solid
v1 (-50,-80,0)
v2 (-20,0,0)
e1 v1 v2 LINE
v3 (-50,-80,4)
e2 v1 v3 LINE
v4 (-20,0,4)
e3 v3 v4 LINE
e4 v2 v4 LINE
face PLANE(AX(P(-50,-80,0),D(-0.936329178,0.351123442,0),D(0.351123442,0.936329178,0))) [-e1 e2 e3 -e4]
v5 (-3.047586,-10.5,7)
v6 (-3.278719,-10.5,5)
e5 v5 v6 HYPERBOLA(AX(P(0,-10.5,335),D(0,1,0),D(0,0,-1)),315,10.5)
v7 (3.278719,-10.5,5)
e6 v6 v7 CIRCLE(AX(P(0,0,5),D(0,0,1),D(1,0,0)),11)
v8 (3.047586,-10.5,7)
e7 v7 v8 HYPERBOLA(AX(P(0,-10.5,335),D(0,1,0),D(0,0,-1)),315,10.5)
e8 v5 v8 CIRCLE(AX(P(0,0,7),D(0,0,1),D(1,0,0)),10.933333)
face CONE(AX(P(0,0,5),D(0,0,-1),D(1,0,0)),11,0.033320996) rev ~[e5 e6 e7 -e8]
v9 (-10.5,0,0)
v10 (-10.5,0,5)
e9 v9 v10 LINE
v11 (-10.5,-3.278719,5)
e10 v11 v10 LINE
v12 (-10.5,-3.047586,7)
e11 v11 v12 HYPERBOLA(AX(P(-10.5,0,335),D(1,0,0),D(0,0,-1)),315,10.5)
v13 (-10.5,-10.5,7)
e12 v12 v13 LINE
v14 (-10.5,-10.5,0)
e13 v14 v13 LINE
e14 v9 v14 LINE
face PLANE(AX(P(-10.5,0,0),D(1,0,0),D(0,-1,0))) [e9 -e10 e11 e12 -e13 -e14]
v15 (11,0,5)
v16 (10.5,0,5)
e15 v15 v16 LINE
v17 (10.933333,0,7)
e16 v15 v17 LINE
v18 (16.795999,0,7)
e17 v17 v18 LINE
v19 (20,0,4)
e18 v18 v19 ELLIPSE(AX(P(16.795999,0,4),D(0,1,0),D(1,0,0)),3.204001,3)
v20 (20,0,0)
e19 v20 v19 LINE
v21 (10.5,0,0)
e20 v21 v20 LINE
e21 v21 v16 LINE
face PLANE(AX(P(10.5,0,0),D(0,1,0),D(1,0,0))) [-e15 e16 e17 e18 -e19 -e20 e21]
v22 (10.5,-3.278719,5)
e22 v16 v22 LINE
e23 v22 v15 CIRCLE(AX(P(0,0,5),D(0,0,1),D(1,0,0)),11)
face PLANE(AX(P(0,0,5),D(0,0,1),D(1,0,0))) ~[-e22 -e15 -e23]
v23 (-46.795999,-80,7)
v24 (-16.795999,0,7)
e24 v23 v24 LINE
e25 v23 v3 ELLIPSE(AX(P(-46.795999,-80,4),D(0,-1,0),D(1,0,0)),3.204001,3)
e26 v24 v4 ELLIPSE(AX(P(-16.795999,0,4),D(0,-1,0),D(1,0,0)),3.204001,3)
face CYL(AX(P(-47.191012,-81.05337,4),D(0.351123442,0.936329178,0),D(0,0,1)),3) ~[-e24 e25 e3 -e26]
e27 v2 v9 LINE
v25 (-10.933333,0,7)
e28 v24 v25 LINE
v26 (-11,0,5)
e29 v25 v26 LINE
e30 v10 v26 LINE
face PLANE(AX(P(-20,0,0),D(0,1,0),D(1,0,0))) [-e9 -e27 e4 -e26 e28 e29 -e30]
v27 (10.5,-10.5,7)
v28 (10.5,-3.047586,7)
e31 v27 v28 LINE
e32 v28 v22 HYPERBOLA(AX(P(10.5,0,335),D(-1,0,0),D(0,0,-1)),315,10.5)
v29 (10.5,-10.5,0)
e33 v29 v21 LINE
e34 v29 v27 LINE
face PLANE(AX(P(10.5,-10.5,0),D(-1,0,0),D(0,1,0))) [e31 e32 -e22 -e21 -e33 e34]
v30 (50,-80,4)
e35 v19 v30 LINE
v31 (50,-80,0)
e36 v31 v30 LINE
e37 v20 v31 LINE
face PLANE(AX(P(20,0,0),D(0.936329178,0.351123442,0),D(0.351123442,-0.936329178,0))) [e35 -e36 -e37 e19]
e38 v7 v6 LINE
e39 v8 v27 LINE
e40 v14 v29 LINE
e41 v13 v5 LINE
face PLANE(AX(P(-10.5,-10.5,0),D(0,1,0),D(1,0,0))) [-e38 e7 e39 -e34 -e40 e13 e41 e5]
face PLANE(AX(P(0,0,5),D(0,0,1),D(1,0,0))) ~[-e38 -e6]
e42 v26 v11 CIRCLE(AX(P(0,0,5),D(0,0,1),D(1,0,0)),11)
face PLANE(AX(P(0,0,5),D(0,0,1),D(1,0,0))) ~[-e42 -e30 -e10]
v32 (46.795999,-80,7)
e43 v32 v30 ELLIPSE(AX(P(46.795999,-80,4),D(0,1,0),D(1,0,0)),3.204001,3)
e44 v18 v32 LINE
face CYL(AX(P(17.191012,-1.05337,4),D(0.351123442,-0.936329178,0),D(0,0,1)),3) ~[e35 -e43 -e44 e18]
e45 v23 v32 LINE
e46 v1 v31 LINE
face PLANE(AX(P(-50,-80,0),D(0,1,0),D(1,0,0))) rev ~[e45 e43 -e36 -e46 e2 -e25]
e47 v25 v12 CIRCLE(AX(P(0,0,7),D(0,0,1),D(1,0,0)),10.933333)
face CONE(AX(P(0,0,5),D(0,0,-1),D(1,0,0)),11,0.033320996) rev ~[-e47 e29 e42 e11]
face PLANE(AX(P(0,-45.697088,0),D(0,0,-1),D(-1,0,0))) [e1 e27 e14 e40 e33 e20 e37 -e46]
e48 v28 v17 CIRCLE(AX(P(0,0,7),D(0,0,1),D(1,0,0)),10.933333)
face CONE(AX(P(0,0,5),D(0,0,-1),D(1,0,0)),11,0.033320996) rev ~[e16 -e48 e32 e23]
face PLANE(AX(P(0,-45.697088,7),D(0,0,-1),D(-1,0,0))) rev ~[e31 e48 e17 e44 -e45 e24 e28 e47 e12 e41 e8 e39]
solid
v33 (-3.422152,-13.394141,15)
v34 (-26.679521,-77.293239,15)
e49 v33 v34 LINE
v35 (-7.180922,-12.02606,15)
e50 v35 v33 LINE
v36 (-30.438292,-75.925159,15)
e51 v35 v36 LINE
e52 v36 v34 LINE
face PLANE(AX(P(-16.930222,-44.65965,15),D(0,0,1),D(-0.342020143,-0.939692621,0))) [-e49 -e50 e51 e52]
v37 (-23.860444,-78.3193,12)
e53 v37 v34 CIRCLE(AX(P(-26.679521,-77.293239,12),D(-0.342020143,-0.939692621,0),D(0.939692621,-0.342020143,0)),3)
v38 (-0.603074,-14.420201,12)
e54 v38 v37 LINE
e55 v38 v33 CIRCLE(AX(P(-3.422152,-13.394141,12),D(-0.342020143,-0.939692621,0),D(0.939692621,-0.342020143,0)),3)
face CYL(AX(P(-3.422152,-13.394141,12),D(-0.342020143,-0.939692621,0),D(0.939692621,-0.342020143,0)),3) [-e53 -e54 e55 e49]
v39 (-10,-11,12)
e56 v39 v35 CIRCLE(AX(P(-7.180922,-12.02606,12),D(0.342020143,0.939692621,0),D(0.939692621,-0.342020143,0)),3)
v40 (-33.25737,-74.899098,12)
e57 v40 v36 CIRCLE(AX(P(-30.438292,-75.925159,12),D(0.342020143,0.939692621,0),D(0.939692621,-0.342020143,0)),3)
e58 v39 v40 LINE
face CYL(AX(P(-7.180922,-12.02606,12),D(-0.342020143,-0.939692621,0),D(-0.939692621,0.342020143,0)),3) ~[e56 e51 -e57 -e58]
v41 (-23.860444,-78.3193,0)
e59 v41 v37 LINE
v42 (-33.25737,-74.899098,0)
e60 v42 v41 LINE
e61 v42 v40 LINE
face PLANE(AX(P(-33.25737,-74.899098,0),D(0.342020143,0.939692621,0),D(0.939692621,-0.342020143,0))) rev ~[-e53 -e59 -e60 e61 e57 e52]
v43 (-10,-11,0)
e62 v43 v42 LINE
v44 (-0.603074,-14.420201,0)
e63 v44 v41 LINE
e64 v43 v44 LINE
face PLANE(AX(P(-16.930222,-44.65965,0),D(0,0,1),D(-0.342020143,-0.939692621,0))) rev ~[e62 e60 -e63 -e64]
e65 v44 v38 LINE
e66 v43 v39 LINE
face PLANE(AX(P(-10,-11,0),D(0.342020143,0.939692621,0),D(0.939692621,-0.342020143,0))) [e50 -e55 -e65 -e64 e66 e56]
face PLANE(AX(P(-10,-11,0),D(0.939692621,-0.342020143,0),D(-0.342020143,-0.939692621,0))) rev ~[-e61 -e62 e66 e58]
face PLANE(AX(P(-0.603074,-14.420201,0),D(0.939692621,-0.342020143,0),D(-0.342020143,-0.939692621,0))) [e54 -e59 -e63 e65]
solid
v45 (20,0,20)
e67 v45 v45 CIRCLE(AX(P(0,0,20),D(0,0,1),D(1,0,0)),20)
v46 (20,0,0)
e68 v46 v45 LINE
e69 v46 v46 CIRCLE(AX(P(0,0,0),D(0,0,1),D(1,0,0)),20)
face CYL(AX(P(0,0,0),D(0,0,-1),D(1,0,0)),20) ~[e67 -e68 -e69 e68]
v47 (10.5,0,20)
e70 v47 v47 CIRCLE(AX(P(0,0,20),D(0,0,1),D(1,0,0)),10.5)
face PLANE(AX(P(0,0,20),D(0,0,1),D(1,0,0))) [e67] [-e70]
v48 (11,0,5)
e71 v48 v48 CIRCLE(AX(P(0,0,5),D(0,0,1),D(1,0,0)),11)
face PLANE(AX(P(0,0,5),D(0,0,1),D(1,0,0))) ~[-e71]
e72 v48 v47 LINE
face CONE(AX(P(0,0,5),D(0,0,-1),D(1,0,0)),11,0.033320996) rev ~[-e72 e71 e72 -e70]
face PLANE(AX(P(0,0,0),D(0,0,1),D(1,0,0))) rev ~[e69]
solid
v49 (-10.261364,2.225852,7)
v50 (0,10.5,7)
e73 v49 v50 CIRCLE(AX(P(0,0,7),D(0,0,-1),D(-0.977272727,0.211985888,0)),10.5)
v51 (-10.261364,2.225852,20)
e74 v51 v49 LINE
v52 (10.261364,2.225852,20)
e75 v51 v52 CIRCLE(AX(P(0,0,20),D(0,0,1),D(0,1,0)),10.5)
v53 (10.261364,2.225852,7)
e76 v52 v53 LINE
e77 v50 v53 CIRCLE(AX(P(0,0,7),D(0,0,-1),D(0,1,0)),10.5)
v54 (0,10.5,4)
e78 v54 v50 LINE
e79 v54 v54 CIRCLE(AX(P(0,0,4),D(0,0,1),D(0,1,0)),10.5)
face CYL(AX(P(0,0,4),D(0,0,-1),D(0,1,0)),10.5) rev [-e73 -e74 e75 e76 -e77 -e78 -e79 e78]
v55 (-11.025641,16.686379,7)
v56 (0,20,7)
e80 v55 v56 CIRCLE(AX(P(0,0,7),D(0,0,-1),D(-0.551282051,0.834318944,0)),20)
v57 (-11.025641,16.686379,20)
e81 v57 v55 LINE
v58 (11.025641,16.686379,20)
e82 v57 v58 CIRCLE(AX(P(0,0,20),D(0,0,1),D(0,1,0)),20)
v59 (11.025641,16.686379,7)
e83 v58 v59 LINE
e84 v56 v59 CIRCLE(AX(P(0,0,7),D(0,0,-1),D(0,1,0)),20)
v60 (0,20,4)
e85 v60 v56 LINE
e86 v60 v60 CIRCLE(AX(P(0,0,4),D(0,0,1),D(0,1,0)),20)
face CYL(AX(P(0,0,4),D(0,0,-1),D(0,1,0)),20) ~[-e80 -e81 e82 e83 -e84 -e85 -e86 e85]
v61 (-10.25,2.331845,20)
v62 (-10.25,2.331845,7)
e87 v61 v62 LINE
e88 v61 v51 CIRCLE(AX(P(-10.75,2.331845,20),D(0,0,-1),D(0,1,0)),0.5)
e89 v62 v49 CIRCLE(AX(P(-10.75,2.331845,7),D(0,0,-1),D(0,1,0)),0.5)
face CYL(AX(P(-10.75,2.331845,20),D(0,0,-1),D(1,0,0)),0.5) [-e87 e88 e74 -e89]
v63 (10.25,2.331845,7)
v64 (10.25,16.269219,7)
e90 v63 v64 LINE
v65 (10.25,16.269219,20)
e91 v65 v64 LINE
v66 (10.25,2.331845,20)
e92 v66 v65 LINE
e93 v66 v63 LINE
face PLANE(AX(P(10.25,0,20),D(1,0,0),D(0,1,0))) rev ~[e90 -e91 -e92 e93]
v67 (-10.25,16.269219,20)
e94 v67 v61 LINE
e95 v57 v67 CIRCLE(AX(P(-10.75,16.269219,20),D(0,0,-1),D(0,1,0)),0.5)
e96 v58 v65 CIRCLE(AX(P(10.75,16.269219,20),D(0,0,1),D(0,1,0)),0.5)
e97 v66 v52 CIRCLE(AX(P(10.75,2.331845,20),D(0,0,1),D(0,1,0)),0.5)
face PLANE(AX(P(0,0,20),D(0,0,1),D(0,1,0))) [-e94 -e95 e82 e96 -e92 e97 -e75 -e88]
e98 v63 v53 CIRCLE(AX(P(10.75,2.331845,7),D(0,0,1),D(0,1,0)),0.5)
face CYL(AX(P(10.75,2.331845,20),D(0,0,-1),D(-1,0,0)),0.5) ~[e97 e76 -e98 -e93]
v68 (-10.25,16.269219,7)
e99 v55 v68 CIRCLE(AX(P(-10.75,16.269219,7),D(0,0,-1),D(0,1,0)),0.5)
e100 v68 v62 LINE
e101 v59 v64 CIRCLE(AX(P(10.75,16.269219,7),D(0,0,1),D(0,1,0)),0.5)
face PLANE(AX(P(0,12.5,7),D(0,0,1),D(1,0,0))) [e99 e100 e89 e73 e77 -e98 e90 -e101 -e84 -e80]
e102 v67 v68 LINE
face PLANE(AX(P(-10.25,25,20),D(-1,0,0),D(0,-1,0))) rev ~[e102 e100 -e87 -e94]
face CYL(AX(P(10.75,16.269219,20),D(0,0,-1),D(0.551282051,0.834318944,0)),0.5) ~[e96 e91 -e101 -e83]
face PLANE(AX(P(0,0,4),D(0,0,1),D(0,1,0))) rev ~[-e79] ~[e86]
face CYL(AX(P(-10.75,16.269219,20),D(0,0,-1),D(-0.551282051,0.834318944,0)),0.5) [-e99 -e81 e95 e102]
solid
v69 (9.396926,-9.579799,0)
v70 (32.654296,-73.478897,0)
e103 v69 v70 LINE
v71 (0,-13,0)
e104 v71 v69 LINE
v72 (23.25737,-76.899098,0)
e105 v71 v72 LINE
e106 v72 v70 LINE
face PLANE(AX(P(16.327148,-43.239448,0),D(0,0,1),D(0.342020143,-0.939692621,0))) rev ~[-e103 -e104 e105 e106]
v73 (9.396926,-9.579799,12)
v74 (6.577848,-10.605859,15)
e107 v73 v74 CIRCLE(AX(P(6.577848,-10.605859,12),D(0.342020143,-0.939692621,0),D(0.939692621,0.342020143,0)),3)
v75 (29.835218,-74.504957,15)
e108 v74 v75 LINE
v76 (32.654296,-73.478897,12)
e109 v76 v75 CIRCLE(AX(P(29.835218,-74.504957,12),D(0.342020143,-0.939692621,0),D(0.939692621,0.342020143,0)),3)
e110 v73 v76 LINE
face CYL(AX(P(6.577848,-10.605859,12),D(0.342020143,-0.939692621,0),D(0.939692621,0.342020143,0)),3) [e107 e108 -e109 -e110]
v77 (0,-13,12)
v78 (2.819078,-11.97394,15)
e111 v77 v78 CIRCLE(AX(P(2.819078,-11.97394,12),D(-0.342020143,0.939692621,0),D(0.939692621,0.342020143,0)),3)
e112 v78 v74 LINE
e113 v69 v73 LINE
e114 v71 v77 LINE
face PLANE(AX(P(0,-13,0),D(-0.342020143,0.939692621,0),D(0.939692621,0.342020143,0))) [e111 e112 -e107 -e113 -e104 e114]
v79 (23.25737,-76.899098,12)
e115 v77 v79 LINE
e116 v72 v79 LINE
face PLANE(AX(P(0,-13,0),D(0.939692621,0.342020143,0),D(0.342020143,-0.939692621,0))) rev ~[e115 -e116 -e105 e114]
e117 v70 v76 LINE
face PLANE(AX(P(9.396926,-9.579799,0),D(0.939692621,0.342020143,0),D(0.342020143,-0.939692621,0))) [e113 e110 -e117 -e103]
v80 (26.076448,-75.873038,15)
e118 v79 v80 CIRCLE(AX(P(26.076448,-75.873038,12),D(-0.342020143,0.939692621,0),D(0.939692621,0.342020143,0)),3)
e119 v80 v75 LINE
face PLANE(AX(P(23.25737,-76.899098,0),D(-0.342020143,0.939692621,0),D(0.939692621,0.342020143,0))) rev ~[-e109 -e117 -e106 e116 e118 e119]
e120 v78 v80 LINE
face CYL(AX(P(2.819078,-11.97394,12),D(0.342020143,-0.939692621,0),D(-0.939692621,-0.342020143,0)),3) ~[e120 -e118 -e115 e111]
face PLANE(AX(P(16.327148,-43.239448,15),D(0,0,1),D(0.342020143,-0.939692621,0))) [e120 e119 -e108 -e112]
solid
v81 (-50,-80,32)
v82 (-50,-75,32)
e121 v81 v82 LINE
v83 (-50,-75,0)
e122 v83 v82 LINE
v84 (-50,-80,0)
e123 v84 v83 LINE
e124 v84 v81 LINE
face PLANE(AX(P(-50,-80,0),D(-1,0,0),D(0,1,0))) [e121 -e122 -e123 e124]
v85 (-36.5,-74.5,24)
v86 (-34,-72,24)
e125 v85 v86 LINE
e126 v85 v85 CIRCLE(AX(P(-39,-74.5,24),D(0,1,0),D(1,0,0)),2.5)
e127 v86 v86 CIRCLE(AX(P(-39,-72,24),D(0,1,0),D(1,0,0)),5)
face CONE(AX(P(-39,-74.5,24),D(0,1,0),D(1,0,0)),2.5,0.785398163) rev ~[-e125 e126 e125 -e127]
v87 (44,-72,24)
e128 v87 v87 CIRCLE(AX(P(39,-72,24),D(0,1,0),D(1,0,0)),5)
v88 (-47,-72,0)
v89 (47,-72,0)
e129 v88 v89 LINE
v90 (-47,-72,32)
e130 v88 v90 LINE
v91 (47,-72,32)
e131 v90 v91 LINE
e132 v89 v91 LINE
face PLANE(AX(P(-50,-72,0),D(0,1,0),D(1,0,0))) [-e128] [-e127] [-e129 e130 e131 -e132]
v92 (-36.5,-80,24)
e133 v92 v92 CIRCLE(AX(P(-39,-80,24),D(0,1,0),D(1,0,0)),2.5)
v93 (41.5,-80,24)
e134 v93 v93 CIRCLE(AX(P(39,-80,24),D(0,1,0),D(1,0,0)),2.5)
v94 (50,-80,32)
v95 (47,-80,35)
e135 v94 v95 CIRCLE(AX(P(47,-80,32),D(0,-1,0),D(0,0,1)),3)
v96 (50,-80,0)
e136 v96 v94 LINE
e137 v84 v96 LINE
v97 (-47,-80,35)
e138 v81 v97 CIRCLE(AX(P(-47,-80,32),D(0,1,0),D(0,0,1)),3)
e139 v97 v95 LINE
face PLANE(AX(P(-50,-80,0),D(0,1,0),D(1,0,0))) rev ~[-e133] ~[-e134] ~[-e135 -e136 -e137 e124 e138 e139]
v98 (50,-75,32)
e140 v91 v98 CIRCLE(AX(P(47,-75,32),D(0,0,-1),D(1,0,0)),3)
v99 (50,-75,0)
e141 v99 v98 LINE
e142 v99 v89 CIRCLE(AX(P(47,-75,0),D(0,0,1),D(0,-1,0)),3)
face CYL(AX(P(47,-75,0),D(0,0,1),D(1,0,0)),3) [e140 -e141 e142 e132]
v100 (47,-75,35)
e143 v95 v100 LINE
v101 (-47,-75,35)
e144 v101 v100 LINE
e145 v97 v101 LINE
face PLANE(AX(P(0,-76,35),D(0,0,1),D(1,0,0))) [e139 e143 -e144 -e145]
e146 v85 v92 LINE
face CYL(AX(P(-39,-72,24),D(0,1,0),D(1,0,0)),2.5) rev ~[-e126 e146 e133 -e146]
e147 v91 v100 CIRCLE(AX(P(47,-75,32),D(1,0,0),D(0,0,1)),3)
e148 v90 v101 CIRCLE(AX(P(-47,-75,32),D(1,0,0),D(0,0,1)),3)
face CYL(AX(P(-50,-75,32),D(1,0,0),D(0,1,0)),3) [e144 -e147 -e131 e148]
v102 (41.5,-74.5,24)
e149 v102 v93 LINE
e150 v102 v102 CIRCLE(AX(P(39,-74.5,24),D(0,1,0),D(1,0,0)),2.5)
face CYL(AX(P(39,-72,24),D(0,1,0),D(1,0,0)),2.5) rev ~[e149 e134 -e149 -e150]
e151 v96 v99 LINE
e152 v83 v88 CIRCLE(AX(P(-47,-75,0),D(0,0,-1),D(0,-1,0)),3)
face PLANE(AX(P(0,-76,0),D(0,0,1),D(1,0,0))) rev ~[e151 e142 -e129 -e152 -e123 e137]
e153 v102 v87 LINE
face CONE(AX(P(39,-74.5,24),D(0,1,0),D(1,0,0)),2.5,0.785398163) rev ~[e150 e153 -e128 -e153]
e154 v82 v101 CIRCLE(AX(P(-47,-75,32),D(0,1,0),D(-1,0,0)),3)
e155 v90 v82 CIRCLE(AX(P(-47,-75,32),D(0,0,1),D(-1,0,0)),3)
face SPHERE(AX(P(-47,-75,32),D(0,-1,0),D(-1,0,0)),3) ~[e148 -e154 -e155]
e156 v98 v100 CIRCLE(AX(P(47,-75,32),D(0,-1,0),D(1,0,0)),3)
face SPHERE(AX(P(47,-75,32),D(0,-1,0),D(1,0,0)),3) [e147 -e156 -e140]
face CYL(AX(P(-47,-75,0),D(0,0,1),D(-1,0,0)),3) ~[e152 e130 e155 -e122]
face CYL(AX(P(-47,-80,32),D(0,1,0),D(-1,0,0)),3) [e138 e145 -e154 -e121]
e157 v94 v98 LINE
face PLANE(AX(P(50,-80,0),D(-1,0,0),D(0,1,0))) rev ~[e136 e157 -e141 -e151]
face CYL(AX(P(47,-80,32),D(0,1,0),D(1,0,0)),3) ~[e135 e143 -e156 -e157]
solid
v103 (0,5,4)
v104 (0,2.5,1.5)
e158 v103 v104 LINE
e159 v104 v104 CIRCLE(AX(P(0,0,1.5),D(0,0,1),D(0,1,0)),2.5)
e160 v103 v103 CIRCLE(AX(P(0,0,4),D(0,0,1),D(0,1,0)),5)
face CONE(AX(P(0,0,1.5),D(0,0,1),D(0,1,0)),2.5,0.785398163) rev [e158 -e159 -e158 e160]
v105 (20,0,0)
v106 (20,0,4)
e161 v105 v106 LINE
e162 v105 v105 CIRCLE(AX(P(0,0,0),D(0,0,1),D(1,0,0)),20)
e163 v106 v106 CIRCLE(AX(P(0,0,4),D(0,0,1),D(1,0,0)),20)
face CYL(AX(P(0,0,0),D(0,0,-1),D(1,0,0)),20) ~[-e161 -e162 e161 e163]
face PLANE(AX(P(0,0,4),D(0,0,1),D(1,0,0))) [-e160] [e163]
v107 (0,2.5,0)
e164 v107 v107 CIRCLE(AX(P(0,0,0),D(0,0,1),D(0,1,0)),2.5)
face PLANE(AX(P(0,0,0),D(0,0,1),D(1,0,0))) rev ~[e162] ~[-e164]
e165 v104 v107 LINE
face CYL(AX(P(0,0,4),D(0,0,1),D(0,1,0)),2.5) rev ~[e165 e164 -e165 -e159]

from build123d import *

# Parameters (mm, degrees)
FACE003_R              = 2.5
EXTRUDE003_DEPTH       = 10
SKETCH_R               = 20
EXTRUDE_DEPTH          = 4
CHAMFER_SIZE           = 2.5
EXTRUDE002_DEPTH       = 13
FACE001_R              = 20
FACE001_R_2            = 10.5
EXTRUDE001_DEPTH       = 16
FILLET_R               = 0.5
CYLINDER_R             = 20
CYLINDER_DEPTH         = 20
EXTRUDE004_DEPTH       = 7
FILLET001_R            = 3
BOX001_W               = 68
BOX001_H               = 10
BOX001_DEPTH           = 15
BOX001_PLACEMENT_ANGLE = 110
FILLET003_R            = 3
BOX002_W               = 68
BOX002_H               = 10
BOX002_DEPTH           = 15
BOX002_PLACEMENT_ANGLE = 70
FILLET004_R            = 3
FACE005_R              = 2.5
EXTRUDE005_DEPTH       = 10
BOX_W                  = 100
BOX_H                  = 8
BOX_DEPTH              = 35
FILLET002_R            = 3
CHAMFER001_SIZE        = 2.5


with BuildPart() as extrude003:
    # Face003 → Extrude003 (new body)
    with BuildSketch(Plane(origin=(0, 0, 4), x_dir=(0, 1, 0), z_dir=(0, 0, 1))):
        Circle(FACE003_R)
    extrude(amount=-EXTRUDE003_DEPTH)


with BuildPart() as chamfer_body:
    # Sketch → Extrude (new body)
    with BuildSketch(Plane.XY):
        Circle(SKETCH_R)
    extrude(amount=EXTRUDE_DEPTH)

    # Cut001: cut Extrude003
    add(extrude003.part, mode=Mode.SUBTRACT)

    # Chamfer
    chamfer_edges = [chamfer_body.edges().sort_by_distance(p)[0] for p in [
        (-2.5, 0, 4),
    ]]
    chamfer(chamfer_edges, length=CHAMFER_SIZE)


with BuildPart() as extrude002:
    # Sketch002 (on Face4 of Extrude001) → Extrude002 (new body)
    with BuildSketch(Plane.XY.offset(20)):
        Polygon((0, 0), (10.25, 0), (10.25, 25), (-10.25, 25), (-10.25, 0), align=None)
    extrude(amount=-EXTRUDE002_DEPTH)


with BuildPart() as fillet_body:
    # Face001 → Extrude001 (new body)
    with BuildSketch(Plane(origin=(0, 0, 4), x_dir=(0, 1, 0), z_dir=(0, 0, 1))):
        Circle(FACE001_R)
        Circle(FACE001_R_2, mode=Mode.SUBTRACT)
    extrude(amount=EXTRUDE001_DEPTH)

    # Cut: cut Extrude002
    add(extrude002.part, mode=Mode.SUBTRACT)

    # Fillet
    fillet_edges = [fillet_body.edges().sort_by_distance(p)[0] for p in [
        (-10.25, 17.173744, 13.5),
        (10.25, 17.173744, 13.5),
        (-10.25, 2.277608, 13.5),
        (10.25, 2.277608, 13.5),
    ]]
    fillet(fillet_edges, radius=FILLET_R)


with BuildPart() as cone:
    # Cone → Cone (revolve)
    with BuildSketch(Plane(origin=(0, 0, 5), x_dir=(1, 0, 0), z_dir=(0, -1, 0))):
        Polygon((0, 0), (11, 0), (10.5, 15), (0, 15), align=None)
    revolve(axis=Axis((0, 0, 5), (0, 0, 1)))


with BuildPart() as cut002:
    # Cylinder → Cylinder (new body)
    with BuildSketch(Plane.XY):
        Circle(CYLINDER_R)
    extrude(amount=CYLINDER_DEPTH)

    # Cut002: cut Cone
    add(cone.part, mode=Mode.SUBTRACT)


with BuildPart() as cone001:
    # Cone001 → Cone001 (revolve)
    with BuildSketch(Plane(origin=(0, 0, 5), x_dir=(1, 0, 0), z_dir=(0, -1, 0))):
        Polygon((0, 0), (11, 0), (10.5, 15), (0, 15), align=None)
    revolve(axis=Axis((0, 0, 5), (0, 0, 1)))


with BuildPart() as fillet001:
    # Sketch005 → Extrude004 (new body)
    with BuildSketch(Plane.XY):
        Polygon((-20, 0), (-10.5, 0), (-10.5, -10.5), (10.5, -10.5), (10.5, 0), (20, 0), (50, -80), (0, -80), (-50, -80), align=None)
    extrude(amount=EXTRUDE004_DEPTH)

    # Cut003: cut Cone001
    add(cone001.part, mode=Mode.SUBTRACT)

    # Fillet001
    fillet001_edges = [fillet001.edges().sort_by_distance(p)[0] for p in [
        (35, -40, 7),
        (-35, -40, 7),
    ]]
    fillet(fillet001_edges, radius=FILLET001_R)


with BuildPart() as fillet003:
    # Box001 → Box001 (new body)
    with BuildSketch(Plane.XY):
        with Locations((34, 5)):
            Rectangle(BOX001_W, BOX001_H)
    extrude(amount=BOX001_DEPTH)


with BuildPart() as fillet003_1:
    # Box001 placement: moved
    add(fillet003.part.moved(Location((-10, -11, 0))).rotate(Axis((-10, -11, 0), (0, 0, -1)), BOX001_PLACEMENT_ANGLE))

    # Fillet003
    fillet003_edges = [fillet003_1.edges().sort_by_distance(p)[0] for p in [
        (-21.628685, -42.949549, 15),
        (-12.231759, -46.369751, 15),
    ]]
    fillet(fillet003_edges, radius=FILLET003_R)


with BuildPart() as fillet004:
    # Box002 → Box002 (new body)
    with BuildSketch(Plane.XY):
        with Locations((34, 5)):
            Rectangle(BOX002_W, BOX002_H)
    extrude(amount=BOX002_DEPTH)


with BuildPart() as fillet004_1:
    # Box002 placement: moved
    add(fillet004.part.moved(Location((0, -13, 0))).rotate(Axis((0, -13, 0), (0, 0, -1)), BOX002_PLACEMENT_ANGLE))

    # Fillet004
    fillet004_edges = [fillet004_1.edges().sort_by_distance(p)[0] for p in [
        (11.628685, -44.949549, 15),
        (21.025611, -41.529348, 15),
    ]]
    fillet(fillet004_edges, radius=FILLET004_R)


with BuildPart() as extrude005:
    # Face005 → Extrude005 (new body)
    with BuildSketch(Plane(origin=(-39, -72, 24), x_dir=(1, 0, 0), z_dir=(0, 1, 0))):
        Circle(FACE005_R)
        with Locations((78, 0)):
            Circle(FACE005_R)
    extrude(amount=-EXTRUDE005_DEPTH)


with BuildPart() as chamfer001:
    # Box → Box (new body)
    with BuildSketch(Plane(origin=(-50, -80, 0), x_dir=(1, 0, 0), z_dir=(0, 0, 1))):
        with Locations((50, 4)):
            Rectangle(BOX_W, BOX_H)
    extrude(amount=BOX_DEPTH)

    # Fillet002
    fillet002_edges = [chamfer001.edges().sort_by_distance(p)[0] for p in [
        (-50, -76, 35),
        (-50, -72, 17.5),
        (50, -76, 35),
        (50, -72, 17.5),
        (0, -72, 35),
    ]]
    fillet(fillet002_edges, radius=FILLET002_R)

    # Cut004: cut Extrude005
    add(extrude005.part, mode=Mode.SUBTRACT)

    # Chamfer001
    chamfer001_edges = [chamfer001.edges().sort_by_distance(p)[0] for p in [
        (-36.5, -72, 24),
        (41.5, -72, 24),
    ]]
    chamfer(chamfer001_edges, length=CHAMFER001_SIZE)


solid = Compound([chamfer_body.part, fillet_body.part, cut002.part, fillet001.part, fillet003_1.part, fillet004_1.part, chamfer001.part])
